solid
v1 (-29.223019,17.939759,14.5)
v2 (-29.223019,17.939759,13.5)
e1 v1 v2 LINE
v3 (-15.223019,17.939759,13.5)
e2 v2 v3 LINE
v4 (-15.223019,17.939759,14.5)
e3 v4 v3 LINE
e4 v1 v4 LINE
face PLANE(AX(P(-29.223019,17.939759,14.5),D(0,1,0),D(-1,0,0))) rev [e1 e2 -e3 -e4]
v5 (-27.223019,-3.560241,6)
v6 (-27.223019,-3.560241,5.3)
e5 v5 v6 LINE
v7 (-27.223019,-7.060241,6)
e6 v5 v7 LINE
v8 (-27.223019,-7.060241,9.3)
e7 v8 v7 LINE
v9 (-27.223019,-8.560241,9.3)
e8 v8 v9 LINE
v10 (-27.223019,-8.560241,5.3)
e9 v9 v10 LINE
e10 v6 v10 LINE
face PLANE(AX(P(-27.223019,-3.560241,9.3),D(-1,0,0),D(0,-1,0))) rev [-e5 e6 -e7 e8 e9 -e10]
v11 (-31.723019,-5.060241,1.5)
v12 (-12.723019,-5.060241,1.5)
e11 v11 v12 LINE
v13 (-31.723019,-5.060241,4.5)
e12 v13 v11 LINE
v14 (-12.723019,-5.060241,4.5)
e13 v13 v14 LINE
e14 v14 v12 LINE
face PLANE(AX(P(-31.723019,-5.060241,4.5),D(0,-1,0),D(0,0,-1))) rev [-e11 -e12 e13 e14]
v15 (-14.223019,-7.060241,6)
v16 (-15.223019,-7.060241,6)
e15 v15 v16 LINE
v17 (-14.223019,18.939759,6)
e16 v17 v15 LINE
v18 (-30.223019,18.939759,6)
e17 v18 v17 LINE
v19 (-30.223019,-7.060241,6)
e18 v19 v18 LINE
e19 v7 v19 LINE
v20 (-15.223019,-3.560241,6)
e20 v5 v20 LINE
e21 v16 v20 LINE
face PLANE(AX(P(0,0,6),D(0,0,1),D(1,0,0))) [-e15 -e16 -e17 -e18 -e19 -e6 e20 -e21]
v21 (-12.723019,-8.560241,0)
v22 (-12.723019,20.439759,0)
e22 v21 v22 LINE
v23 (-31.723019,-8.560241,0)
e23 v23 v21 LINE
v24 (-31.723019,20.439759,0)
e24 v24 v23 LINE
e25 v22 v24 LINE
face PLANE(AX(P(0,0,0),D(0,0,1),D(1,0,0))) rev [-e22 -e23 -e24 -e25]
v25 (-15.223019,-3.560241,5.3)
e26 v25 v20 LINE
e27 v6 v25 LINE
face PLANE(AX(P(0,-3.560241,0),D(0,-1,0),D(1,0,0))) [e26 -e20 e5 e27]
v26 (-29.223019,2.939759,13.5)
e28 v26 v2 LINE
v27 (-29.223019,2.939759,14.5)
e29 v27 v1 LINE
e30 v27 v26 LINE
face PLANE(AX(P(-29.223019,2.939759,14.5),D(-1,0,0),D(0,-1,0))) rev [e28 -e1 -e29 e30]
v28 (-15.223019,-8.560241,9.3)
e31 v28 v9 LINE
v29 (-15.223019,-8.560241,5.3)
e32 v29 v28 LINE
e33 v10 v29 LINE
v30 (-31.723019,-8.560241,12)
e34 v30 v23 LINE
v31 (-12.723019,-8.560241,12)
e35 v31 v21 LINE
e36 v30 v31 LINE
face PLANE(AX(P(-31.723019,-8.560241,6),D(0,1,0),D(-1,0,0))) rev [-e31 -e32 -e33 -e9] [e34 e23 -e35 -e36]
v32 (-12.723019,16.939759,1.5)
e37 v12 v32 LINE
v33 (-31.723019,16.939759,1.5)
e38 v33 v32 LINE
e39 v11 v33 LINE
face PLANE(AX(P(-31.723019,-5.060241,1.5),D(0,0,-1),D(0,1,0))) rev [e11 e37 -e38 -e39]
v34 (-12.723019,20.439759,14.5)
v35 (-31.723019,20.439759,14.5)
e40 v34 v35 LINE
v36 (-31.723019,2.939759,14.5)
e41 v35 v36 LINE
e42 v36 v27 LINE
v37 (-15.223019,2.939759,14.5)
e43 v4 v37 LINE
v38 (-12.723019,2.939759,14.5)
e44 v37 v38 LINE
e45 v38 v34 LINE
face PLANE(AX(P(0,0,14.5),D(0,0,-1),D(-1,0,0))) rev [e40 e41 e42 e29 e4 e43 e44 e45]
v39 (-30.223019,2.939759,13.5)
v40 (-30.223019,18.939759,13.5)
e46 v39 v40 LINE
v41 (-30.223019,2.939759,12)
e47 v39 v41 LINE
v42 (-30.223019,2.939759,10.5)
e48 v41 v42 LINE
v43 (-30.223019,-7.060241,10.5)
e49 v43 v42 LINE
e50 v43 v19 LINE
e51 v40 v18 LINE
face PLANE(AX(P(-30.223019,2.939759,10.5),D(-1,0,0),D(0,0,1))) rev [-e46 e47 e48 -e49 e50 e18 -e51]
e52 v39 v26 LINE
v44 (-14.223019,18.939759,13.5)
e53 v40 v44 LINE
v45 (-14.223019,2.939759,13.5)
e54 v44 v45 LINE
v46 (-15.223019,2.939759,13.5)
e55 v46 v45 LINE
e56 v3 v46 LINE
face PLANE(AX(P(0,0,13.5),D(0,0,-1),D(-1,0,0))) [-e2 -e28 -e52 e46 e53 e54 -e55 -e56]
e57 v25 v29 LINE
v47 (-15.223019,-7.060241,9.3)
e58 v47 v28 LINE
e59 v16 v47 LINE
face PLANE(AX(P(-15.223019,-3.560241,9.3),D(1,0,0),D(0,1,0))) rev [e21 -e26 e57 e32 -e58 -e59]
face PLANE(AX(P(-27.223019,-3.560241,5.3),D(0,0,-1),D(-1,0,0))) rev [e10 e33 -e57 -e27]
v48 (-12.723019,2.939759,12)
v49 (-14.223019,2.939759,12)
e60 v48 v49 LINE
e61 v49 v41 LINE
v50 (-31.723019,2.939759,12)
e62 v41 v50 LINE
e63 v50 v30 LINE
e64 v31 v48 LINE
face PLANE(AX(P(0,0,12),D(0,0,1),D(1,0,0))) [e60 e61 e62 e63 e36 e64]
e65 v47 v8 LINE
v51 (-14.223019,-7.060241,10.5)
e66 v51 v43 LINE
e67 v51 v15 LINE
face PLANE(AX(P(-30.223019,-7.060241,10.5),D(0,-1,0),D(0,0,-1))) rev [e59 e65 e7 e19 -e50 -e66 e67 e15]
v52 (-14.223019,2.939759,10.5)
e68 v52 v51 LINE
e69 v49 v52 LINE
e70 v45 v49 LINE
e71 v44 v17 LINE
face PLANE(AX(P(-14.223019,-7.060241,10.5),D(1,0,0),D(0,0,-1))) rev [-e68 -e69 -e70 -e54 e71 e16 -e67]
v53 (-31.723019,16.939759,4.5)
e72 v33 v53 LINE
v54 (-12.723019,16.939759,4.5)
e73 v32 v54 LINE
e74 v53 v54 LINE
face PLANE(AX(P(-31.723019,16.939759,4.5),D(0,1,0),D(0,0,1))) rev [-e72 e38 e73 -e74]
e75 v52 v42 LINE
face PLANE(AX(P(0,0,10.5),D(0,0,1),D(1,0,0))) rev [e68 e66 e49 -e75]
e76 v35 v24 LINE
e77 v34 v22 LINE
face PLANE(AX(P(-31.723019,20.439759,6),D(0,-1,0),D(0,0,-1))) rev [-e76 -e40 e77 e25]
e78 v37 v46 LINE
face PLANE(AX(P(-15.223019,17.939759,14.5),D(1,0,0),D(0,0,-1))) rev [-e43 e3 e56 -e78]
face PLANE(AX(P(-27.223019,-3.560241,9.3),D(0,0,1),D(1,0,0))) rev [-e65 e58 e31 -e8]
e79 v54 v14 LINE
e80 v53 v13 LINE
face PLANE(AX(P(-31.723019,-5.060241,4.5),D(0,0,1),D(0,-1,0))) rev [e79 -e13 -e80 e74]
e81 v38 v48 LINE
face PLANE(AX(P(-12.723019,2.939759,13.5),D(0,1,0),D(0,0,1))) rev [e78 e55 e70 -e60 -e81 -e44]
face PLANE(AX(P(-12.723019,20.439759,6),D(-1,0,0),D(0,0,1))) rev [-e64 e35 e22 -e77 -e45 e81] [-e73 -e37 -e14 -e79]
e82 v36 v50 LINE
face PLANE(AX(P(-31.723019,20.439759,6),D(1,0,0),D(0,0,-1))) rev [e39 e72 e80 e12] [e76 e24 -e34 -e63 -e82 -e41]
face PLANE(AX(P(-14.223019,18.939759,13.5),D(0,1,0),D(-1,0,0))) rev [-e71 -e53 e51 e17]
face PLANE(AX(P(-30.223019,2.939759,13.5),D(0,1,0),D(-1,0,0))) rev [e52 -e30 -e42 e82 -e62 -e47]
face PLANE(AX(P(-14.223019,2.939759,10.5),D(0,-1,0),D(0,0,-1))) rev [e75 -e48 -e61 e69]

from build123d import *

# Parameters (mm, degrees)
CROQUIS1_W              = 19
CROQUIS1_H              = 29
SALIENTE_EXTRUIR1_DEPTH = 6
SALIENTE_EXTRUIR2_DEPTH = 4.5
CROQUIS3_W              = 19
CROQUIS3_H              = 11.5
SALIENTE_EXTRUIR3_DEPTH = 1.5
CROQUIS4_W              = 12
CROQUIS4_H              = 4
CORTAR_EXTRUIR1_DEPTH   = 5
SALIENTE_EXTRUIR4_DEPTH = 7.5
SALIENTE_EXTRUIR5_DEPTH = 1
CORTAR_EXTRUIR2_START   = -19
CROQUIS7_W              = 3
CROQUIS7_H              = 22
CORTAR_EXTRUIR2_DEPTH   = 19


with BuildPart() as part:
    # Croquis1 → Saliente-Extruir1 (new body)
    with BuildSketch(Plane.XY):
        with Locations((-22.223018523, 5.939759036)):
            Rectangle(CROQUIS1_W, CROQUIS1_H)
    extrude(amount=SALIENTE_EXTRUIR1_DEPTH)

    # Croquis2 → Saliente-Extruir2 (add)
    with BuildSketch(Plane.XY.offset(6)):
        Polygon((-31.723018523, -8.560240964), (-31.723018523, 2.939759036), (-30.223018523, 2.939759036), (-30.223018523, -7.060240964), (-14.223018523, -7.060240964), (-14.223018523, 2.939759036), (-12.723018523, 2.939759036), (-12.723018523, -8.560240964), align=None)
    extrude(amount=SALIENTE_EXTRUIR2_DEPTH)

    # Croquis3 → Saliente-Extruir3 (add)
    with BuildSketch(Plane.XY.offset(10.5)):
        with Locations((-22.223018523, -2.810240964)):
            Rectangle(CROQUIS3_W, CROQUIS3_H)
    extrude(amount=SALIENTE_EXTRUIR3_DEPTH)

    # Croquis4 → Cortar-Extruir1 (cut)
    with BuildSketch(Plane.XZ.offset(8.560240964)):
        with Locations((-21.223018523, 7.3)):
            Rectangle(CROQUIS4_W, CROQUIS4_H)
    extrude(amount=-CORTAR_EXTRUIR1_DEPTH, mode=Mode.SUBTRACT)

    # Croquis5 → Saliente-Extruir4 (add)
    with BuildSketch(Plane.XY.offset(6)):
        Polygon((-30.223018523, 2.939759036), (-31.723018523, 2.939759036), (-31.723018523, 20.439759036), (-12.723018523, 20.439759036), (-12.723018523, 2.939759036), (-14.223018523, 2.939759036), (-14.223018523, 18.939759036), (-30.223018523, 18.939759036), align=None)
    extrude(amount=SALIENTE_EXTRUIR4_DEPTH)

    # Croquis6 → Saliente-Extruir5 (add)
    with BuildSketch(Plane.XY.offset(13.5)):
        Polygon((-29.223018523, 2.939759036), (-31.723018523, 2.939759036), (-31.723018523, 20.439759036), (-12.723018523, 20.439759036), (-12.723018523, 2.939759036), (-15.223018523, 2.939759036), (-15.223018523, 17.939759036), (-29.223018523, 17.939759036), align=None)
    extrude(amount=SALIENTE_EXTRUIR5_DEPTH)

    # Croquis7 → Cortar-Extruir2 (cut)
    with BuildSketch(Plane(origin=(-12.723018523, 0, 0), x_dir=(0, 0, -1), z_dir=(1, 0, 0)).offset(CORTAR_EXTRUIR2_START)):
        with Locations((-3, 5.939759036)):
            Rectangle(CROQUIS7_W, CROQUIS7_H)
    extrude(amount=CORTAR_EXTRUIR2_DEPTH, mode=Mode.SUBTRACT)


solid = part.part
